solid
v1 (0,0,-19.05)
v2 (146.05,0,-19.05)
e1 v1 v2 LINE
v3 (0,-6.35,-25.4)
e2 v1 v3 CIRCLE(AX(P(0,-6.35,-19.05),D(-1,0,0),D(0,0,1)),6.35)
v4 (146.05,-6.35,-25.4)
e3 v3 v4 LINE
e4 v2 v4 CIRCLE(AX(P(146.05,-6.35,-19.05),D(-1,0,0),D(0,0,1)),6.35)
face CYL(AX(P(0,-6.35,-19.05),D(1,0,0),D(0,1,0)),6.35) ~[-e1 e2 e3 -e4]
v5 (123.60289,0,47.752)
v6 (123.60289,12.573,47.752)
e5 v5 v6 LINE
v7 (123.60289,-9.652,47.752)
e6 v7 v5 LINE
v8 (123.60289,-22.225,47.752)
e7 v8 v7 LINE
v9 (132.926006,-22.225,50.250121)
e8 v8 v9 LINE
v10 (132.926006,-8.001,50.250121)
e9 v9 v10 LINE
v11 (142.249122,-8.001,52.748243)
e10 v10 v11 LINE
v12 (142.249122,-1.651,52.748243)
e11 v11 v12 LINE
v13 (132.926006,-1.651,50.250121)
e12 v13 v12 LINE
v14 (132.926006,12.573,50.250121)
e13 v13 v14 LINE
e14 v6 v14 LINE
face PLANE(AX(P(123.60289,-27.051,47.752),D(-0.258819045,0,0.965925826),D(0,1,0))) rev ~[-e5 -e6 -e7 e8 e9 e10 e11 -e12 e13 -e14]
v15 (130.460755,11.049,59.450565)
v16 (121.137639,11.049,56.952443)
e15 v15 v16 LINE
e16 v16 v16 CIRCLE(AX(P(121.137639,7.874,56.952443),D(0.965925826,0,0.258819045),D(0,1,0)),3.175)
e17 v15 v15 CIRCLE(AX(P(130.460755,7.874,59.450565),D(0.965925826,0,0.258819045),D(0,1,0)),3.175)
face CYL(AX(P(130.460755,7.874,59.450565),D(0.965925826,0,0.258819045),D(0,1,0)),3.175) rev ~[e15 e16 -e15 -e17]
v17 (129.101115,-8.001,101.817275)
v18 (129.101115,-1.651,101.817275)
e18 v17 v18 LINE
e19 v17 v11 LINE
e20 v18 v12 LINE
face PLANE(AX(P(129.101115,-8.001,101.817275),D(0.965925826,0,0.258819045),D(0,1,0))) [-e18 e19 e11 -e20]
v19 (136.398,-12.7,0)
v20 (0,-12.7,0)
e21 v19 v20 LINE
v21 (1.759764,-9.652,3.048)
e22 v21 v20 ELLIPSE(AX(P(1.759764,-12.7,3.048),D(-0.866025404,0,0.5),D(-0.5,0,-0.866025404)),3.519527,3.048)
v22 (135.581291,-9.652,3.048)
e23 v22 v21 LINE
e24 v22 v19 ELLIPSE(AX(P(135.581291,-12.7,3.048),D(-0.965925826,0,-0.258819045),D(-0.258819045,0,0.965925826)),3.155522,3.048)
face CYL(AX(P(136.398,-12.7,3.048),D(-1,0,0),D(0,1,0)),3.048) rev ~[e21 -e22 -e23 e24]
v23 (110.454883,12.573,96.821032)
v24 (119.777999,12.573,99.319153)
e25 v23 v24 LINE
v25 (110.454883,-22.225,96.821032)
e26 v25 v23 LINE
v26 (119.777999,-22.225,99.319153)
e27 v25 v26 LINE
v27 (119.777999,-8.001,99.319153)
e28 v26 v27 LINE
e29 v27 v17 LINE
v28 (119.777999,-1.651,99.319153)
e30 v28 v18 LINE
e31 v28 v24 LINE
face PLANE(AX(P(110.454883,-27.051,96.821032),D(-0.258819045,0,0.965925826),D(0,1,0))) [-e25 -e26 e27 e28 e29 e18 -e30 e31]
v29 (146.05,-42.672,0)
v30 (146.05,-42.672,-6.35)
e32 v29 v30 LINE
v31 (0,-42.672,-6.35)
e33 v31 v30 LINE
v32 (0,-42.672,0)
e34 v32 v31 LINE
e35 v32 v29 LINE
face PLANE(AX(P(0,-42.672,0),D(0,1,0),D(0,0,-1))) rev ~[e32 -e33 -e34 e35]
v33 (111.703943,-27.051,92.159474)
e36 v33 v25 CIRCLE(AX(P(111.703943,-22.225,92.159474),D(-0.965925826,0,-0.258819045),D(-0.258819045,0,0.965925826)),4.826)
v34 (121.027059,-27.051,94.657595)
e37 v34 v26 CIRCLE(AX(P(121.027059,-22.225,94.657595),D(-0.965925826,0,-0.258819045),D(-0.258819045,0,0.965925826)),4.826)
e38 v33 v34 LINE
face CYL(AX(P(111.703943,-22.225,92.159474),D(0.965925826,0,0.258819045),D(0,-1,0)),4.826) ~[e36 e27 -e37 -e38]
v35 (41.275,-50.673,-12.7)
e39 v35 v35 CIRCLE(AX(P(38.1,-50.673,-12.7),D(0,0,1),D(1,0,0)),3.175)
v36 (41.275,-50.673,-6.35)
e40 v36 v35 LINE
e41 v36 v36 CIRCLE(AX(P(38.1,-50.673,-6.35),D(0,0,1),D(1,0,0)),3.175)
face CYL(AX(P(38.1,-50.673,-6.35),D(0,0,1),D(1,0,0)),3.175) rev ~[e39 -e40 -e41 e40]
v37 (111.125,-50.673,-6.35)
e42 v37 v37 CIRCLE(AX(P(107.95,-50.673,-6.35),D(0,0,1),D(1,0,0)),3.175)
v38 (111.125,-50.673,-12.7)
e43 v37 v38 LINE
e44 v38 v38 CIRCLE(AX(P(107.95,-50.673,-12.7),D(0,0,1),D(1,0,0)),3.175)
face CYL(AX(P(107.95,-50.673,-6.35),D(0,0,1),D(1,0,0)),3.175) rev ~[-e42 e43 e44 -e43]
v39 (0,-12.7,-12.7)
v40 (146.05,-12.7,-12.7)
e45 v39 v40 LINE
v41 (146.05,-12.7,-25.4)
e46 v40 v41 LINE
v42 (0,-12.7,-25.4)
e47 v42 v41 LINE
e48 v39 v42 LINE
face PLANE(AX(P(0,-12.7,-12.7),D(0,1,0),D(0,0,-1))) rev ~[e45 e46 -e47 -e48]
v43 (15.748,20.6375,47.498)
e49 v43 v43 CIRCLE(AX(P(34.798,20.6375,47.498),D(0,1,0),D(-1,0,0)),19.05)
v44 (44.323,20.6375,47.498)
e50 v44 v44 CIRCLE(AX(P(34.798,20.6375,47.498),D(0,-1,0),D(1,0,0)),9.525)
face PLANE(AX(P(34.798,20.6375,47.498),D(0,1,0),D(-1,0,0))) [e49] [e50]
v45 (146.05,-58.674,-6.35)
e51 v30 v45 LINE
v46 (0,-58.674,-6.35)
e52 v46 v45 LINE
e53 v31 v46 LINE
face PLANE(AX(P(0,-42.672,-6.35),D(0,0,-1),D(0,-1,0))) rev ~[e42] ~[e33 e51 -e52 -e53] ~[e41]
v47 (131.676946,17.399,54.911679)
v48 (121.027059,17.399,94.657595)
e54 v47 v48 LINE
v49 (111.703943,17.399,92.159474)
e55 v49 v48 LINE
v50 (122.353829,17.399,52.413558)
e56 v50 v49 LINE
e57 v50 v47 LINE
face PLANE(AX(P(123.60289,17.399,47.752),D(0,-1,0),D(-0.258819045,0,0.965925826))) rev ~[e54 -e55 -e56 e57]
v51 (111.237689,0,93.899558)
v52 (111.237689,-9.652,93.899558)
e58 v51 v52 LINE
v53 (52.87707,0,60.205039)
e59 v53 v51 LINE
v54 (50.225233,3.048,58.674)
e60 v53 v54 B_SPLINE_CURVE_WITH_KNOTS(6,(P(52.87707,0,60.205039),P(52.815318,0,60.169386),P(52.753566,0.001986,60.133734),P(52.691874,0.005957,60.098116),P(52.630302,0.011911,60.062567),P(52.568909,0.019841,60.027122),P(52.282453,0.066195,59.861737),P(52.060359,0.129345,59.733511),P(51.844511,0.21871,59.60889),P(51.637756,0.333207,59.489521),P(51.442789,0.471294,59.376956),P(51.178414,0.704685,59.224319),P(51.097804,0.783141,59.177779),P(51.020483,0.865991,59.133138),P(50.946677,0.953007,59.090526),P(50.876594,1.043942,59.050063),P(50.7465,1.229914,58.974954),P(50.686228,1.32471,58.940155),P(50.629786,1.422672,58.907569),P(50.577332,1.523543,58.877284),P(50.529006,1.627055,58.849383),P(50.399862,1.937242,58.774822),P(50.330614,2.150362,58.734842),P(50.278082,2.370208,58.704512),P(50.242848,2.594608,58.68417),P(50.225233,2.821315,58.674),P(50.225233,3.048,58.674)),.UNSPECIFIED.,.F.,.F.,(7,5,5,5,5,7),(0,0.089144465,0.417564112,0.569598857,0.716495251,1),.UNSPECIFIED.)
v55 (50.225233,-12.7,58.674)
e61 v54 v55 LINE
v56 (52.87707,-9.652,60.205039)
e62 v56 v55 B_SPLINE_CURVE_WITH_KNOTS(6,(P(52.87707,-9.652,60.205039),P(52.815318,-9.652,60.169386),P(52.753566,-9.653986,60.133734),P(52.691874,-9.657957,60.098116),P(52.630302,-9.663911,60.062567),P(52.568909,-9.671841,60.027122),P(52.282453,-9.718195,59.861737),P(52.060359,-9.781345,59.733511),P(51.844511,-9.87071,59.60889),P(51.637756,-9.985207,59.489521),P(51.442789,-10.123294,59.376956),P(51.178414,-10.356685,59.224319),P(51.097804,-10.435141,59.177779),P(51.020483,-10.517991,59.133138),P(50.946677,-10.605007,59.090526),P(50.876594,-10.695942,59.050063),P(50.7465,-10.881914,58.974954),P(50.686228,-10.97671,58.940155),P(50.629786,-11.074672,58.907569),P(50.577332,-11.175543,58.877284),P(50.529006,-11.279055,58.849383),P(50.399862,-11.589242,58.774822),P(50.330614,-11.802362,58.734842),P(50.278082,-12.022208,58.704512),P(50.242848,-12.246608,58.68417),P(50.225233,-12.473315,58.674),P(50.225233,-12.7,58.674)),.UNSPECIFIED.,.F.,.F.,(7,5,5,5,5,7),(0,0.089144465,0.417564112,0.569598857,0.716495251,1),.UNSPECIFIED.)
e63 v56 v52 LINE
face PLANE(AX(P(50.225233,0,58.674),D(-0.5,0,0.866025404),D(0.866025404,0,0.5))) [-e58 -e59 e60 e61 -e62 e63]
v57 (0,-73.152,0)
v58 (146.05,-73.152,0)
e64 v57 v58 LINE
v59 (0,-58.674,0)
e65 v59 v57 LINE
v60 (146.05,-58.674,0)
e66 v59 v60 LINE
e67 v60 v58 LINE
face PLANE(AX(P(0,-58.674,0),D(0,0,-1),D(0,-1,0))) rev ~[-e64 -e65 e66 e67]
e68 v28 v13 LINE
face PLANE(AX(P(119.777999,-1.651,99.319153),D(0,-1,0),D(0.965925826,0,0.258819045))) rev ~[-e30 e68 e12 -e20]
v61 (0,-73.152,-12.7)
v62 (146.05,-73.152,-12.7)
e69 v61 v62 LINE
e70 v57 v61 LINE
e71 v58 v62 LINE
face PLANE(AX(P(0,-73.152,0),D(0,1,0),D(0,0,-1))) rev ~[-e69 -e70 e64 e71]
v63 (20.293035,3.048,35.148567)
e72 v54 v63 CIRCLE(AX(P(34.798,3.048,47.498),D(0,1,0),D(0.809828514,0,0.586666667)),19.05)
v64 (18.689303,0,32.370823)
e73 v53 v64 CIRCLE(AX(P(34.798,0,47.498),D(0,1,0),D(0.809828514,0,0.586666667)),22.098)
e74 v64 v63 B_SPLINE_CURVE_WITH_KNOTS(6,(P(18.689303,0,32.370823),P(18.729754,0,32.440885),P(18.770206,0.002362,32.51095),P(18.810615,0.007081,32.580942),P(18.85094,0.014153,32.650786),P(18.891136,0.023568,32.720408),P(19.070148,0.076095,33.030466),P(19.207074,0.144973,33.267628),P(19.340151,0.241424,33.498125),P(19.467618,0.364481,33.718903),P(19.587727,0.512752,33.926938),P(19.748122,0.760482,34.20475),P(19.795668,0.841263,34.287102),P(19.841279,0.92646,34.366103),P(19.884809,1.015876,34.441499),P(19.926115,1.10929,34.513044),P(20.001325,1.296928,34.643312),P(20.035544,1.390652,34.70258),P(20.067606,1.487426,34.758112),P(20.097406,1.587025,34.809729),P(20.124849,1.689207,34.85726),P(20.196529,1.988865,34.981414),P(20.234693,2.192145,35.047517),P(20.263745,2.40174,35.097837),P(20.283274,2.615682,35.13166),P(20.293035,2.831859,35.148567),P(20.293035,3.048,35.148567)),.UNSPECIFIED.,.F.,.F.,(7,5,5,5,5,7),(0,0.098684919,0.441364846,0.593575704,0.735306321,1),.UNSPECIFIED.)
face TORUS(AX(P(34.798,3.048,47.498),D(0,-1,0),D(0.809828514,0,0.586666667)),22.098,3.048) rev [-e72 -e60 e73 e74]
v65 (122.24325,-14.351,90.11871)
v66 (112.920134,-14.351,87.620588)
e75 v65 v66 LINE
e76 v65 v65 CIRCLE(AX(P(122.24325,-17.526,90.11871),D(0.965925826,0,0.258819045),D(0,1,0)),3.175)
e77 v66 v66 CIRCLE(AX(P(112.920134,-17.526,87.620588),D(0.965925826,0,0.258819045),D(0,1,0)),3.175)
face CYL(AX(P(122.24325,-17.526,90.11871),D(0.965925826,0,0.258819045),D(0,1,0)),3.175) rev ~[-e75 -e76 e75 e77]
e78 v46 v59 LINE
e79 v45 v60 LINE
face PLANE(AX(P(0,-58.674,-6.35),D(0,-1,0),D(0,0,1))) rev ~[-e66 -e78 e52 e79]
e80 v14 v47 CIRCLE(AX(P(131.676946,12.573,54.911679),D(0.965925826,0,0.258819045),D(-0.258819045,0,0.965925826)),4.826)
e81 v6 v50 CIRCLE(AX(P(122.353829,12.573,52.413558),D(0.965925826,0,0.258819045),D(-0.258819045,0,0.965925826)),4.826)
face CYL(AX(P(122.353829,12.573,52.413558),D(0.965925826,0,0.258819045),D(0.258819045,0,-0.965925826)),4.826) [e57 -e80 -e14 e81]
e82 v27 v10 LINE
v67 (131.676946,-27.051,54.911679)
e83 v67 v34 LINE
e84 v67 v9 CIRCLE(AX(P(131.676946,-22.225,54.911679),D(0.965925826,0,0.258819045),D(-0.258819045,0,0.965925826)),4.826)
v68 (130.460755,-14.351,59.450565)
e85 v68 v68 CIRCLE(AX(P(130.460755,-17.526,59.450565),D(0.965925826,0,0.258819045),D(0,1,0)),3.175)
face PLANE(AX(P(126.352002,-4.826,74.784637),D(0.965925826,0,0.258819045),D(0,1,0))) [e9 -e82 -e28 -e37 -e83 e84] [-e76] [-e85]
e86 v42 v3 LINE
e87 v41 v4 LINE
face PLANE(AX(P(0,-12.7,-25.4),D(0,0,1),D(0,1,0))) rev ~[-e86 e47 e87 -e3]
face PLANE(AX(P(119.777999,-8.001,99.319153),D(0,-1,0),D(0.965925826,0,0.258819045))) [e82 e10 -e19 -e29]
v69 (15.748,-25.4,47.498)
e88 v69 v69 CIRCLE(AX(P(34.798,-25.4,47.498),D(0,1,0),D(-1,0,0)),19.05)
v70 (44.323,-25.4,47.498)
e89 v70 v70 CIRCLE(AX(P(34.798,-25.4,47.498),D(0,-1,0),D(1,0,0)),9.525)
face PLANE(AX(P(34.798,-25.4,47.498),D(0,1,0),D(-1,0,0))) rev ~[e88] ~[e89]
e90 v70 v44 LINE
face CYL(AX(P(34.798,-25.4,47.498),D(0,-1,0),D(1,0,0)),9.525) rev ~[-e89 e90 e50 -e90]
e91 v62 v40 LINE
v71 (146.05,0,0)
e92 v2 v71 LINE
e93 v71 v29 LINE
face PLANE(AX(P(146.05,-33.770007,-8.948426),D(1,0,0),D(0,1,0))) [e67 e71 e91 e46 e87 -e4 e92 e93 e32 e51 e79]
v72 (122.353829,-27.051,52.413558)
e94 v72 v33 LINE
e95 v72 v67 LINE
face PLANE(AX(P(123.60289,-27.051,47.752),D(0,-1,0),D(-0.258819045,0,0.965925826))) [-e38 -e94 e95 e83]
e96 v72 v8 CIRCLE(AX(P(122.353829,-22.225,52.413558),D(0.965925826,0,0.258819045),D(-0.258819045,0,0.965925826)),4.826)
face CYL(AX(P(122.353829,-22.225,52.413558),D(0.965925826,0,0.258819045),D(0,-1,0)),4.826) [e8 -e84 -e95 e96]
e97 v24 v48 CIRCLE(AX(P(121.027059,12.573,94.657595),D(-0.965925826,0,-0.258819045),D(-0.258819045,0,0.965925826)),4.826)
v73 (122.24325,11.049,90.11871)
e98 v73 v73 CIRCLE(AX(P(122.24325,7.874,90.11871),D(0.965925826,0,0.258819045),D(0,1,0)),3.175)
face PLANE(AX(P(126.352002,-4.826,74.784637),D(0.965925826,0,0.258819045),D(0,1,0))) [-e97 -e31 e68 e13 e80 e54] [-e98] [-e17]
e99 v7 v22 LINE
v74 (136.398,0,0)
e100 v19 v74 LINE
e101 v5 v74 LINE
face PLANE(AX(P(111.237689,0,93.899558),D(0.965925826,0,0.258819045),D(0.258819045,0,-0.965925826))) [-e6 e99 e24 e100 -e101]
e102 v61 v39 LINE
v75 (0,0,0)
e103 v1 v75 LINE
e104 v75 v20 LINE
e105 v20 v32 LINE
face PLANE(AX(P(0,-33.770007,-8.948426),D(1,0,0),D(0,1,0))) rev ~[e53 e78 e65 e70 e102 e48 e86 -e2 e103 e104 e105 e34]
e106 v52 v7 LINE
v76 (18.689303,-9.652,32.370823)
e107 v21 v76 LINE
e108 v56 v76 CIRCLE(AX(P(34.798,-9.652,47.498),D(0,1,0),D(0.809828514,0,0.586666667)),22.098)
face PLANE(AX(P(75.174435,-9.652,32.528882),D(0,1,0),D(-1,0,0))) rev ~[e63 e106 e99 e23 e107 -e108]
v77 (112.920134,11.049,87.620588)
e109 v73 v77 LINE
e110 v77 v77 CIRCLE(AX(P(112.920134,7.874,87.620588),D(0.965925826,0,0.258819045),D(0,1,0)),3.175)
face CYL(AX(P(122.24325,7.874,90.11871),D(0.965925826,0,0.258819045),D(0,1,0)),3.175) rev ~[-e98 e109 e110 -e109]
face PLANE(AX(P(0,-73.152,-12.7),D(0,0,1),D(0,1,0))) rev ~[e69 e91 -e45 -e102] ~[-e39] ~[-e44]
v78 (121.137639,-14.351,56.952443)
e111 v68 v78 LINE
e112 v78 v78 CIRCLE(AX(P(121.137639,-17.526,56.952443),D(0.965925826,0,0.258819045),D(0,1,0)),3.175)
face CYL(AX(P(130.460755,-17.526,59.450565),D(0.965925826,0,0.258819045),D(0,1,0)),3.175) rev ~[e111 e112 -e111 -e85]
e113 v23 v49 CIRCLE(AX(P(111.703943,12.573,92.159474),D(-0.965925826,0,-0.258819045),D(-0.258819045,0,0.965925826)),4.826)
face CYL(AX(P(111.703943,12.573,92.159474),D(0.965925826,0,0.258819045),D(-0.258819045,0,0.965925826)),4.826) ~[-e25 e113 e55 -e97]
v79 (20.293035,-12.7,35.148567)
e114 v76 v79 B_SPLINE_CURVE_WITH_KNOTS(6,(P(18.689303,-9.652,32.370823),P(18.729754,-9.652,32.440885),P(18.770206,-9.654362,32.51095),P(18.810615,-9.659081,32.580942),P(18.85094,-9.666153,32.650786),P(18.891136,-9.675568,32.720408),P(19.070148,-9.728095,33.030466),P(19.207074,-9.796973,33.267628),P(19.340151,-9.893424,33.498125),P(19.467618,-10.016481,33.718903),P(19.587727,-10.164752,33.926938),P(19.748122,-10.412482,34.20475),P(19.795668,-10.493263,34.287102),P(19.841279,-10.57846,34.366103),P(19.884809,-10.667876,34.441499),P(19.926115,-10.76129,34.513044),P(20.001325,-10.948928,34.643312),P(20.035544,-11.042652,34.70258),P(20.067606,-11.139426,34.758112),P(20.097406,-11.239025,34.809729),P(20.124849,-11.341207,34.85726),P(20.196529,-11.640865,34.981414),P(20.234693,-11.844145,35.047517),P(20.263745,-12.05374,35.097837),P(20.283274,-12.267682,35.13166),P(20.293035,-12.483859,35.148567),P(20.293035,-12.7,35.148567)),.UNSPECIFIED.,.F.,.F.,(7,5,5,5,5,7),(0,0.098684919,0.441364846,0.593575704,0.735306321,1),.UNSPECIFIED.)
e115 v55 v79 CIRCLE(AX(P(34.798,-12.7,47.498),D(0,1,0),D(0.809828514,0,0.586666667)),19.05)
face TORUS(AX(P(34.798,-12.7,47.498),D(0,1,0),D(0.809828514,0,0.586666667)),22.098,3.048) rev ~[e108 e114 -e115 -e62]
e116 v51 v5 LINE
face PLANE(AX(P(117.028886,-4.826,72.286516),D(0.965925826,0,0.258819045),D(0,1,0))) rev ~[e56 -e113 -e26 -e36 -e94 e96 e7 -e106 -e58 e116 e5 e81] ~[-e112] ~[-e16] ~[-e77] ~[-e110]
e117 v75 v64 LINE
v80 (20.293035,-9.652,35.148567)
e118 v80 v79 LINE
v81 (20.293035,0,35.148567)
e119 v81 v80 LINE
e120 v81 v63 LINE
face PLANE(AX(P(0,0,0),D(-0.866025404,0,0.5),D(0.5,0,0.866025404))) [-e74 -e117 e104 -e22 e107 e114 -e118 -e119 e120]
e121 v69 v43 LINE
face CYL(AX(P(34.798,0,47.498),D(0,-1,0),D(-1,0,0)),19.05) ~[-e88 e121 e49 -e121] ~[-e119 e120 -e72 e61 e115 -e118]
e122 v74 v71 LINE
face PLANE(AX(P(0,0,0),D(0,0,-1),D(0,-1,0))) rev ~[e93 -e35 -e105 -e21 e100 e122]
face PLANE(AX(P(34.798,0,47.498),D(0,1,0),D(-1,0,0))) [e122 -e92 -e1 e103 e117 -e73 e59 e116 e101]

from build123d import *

# Parameters (mm, degrees)
F1_DEPTH      = 146.05
F2_R          = 3.175
F3_DEPTH      = 19.051
F4_R          = 6.35
F6_DEPTH      = 9.652
F7_R          = 19.05
F8_DEPTH      = 25.4
F8_DEPTH_BACK = 20.6375
F9_R          = 9.525
F10_DEPTH     = 46.0385
F11_W         = 44.45
F11_H         = 50.8
F12_DEPTH     = 9.652
F13_R         = 3.175
F14_DEPTH     = 9.652
F15_W         = 9.652
F15_H         = 6.35
F16_DEPTH     = 50.8
F17_R         = 4.826
F18_R         = 3.048


with BuildPart() as f1:
    # F0 (on Right) → F1 (new body)
    with BuildSketch(Plane.YZ):
        Polygon((0, -25.4), (0, 0), (-42.672, 0), (-42.672, -6.35), (-58.674, -6.35), (-58.674, 0), (-73.152, 0), (-73.152, -12.7), (-12.7, -12.7), (-12.7, -25.4), align=None)
    extrude(amount=F1_DEPTH)

    # F2 (on face) → F3 (cut, through all)
    with BuildSketch(Plane.XY.offset(-6.35)):
        with Locations((107.95, -50.673)):
            Circle(F2_R)
        with Locations((38.1, -50.673)):
            Circle(F2_R)
    extrude(amount=-F3_DEPTH, mode=Mode.SUBTRACT)

    # F4
    f4_edges = [f1.edges().sort_by_distance(p)[0] for p in [
        (73.025, 0, -25.4),
    ]]
    fillet(f4_edges, radius=F4_R)

    # F5 (on face) → F6 (join)
    with BuildSketch(Plane(origin=(0, 0, 0), x_dir=(-1, 0, 0), z_dir=(0, 1, 0))):
        Polygon((-20.2930348437, 35.148567389), (-34.798, 47.498), (-50.2252331933, 58.674), (-111.237689279, 93.899557945), (-136.398, 0), (0, 0), align=None)
    extrude(amount=-F6_DEPTH)

    # F7 (on face) → F8 (join, two sides)
    with BuildSketch(Plane(origin=(0, 0, 0), x_dir=(-1, 0, 0), z_dir=(0, 1, 0))) as f8_sk:
        with Locations((-34.798, 47.498)):
            Circle(F7_R)
    extrude(amount=-F8_DEPTH)
    extrude(f8_sk.sketch, amount=F8_DEPTH_BACK)

    # F9 (on face) → F10 (cut, through all)
    with BuildSketch(Plane.XZ.offset(25.4)):
        with Locations((34.798, 47.498)):
            Circle(F9_R)
    extrude(amount=-F10_DEPTH, mode=Mode.SUBTRACT)

    # F11 (on face) → F12 (join)
    with BuildSketch(Plane(origin=(127.2610665127, 0, 34.0995), x_dir=(0, 1, 0), z_dir=(0.9659258263, 0, 0.2588190451))):
        with Locations((-4.826, 39.534108053)):
            Rectangle(F11_W, F11_H)
    extrude(amount=F12_DEPTH)

    # F13 (on face) → F14 (cut)
    with BuildSketch(Plane(origin=(136.584182588, 0, 36.5976214233), x_dir=(0, 1, 0), z_dir=(0.9659258263, 0, 0.2588190451))):
        with Locations((-17.526, 55.409108053)):
            Circle(F13_R)
        with Locations((7.874, 55.409108053)):
            Circle(F13_R)
        with Locations((7.874, 23.659108053)):
            Circle(F13_R)
        with Locations((-17.526, 23.659108053)):
            Circle(F13_R)
    extrude(amount=-F14_DEPTH, mode=Mode.SUBTRACT)

    # F15 (on face) → F16 (join)
    with BuildSketch(Plane(origin=(-16.8061838409, 0, 62.7215319755), x_dir=(0.9659258263, 0, 0.2588190451), z_dir=(-0.2588190451, 0, 0.9659258263))):
        with Locations((146.2283508542, -4.826)):
            Rectangle(F15_W, F15_H)
    extrude(amount=-F16_DEPTH)

    # F17
    f17_edges = [f1.edges().sort_by_distance(p)[0] for p in [
        (115.116441, -27.051, 98.070093),
        (115.116441, 17.399, 98.070093),
        (128.264448, -27.051, 49.001061),
        (128.264448, 17.399, 49.001061),
    ]]
    fillet(f17_edges, radius=F17_R)

    # F18
    f18_edges = [f1.edges().sort_by_distance(p)[0] for p in [
        (46.569752, 0, 32.520405),
        (46.569752, -9.652, 32.520405),
        (68.199, -9.652, 0),
    ]]
    fillet(f18_edges, radius=F18_R)


solid = f1.part
